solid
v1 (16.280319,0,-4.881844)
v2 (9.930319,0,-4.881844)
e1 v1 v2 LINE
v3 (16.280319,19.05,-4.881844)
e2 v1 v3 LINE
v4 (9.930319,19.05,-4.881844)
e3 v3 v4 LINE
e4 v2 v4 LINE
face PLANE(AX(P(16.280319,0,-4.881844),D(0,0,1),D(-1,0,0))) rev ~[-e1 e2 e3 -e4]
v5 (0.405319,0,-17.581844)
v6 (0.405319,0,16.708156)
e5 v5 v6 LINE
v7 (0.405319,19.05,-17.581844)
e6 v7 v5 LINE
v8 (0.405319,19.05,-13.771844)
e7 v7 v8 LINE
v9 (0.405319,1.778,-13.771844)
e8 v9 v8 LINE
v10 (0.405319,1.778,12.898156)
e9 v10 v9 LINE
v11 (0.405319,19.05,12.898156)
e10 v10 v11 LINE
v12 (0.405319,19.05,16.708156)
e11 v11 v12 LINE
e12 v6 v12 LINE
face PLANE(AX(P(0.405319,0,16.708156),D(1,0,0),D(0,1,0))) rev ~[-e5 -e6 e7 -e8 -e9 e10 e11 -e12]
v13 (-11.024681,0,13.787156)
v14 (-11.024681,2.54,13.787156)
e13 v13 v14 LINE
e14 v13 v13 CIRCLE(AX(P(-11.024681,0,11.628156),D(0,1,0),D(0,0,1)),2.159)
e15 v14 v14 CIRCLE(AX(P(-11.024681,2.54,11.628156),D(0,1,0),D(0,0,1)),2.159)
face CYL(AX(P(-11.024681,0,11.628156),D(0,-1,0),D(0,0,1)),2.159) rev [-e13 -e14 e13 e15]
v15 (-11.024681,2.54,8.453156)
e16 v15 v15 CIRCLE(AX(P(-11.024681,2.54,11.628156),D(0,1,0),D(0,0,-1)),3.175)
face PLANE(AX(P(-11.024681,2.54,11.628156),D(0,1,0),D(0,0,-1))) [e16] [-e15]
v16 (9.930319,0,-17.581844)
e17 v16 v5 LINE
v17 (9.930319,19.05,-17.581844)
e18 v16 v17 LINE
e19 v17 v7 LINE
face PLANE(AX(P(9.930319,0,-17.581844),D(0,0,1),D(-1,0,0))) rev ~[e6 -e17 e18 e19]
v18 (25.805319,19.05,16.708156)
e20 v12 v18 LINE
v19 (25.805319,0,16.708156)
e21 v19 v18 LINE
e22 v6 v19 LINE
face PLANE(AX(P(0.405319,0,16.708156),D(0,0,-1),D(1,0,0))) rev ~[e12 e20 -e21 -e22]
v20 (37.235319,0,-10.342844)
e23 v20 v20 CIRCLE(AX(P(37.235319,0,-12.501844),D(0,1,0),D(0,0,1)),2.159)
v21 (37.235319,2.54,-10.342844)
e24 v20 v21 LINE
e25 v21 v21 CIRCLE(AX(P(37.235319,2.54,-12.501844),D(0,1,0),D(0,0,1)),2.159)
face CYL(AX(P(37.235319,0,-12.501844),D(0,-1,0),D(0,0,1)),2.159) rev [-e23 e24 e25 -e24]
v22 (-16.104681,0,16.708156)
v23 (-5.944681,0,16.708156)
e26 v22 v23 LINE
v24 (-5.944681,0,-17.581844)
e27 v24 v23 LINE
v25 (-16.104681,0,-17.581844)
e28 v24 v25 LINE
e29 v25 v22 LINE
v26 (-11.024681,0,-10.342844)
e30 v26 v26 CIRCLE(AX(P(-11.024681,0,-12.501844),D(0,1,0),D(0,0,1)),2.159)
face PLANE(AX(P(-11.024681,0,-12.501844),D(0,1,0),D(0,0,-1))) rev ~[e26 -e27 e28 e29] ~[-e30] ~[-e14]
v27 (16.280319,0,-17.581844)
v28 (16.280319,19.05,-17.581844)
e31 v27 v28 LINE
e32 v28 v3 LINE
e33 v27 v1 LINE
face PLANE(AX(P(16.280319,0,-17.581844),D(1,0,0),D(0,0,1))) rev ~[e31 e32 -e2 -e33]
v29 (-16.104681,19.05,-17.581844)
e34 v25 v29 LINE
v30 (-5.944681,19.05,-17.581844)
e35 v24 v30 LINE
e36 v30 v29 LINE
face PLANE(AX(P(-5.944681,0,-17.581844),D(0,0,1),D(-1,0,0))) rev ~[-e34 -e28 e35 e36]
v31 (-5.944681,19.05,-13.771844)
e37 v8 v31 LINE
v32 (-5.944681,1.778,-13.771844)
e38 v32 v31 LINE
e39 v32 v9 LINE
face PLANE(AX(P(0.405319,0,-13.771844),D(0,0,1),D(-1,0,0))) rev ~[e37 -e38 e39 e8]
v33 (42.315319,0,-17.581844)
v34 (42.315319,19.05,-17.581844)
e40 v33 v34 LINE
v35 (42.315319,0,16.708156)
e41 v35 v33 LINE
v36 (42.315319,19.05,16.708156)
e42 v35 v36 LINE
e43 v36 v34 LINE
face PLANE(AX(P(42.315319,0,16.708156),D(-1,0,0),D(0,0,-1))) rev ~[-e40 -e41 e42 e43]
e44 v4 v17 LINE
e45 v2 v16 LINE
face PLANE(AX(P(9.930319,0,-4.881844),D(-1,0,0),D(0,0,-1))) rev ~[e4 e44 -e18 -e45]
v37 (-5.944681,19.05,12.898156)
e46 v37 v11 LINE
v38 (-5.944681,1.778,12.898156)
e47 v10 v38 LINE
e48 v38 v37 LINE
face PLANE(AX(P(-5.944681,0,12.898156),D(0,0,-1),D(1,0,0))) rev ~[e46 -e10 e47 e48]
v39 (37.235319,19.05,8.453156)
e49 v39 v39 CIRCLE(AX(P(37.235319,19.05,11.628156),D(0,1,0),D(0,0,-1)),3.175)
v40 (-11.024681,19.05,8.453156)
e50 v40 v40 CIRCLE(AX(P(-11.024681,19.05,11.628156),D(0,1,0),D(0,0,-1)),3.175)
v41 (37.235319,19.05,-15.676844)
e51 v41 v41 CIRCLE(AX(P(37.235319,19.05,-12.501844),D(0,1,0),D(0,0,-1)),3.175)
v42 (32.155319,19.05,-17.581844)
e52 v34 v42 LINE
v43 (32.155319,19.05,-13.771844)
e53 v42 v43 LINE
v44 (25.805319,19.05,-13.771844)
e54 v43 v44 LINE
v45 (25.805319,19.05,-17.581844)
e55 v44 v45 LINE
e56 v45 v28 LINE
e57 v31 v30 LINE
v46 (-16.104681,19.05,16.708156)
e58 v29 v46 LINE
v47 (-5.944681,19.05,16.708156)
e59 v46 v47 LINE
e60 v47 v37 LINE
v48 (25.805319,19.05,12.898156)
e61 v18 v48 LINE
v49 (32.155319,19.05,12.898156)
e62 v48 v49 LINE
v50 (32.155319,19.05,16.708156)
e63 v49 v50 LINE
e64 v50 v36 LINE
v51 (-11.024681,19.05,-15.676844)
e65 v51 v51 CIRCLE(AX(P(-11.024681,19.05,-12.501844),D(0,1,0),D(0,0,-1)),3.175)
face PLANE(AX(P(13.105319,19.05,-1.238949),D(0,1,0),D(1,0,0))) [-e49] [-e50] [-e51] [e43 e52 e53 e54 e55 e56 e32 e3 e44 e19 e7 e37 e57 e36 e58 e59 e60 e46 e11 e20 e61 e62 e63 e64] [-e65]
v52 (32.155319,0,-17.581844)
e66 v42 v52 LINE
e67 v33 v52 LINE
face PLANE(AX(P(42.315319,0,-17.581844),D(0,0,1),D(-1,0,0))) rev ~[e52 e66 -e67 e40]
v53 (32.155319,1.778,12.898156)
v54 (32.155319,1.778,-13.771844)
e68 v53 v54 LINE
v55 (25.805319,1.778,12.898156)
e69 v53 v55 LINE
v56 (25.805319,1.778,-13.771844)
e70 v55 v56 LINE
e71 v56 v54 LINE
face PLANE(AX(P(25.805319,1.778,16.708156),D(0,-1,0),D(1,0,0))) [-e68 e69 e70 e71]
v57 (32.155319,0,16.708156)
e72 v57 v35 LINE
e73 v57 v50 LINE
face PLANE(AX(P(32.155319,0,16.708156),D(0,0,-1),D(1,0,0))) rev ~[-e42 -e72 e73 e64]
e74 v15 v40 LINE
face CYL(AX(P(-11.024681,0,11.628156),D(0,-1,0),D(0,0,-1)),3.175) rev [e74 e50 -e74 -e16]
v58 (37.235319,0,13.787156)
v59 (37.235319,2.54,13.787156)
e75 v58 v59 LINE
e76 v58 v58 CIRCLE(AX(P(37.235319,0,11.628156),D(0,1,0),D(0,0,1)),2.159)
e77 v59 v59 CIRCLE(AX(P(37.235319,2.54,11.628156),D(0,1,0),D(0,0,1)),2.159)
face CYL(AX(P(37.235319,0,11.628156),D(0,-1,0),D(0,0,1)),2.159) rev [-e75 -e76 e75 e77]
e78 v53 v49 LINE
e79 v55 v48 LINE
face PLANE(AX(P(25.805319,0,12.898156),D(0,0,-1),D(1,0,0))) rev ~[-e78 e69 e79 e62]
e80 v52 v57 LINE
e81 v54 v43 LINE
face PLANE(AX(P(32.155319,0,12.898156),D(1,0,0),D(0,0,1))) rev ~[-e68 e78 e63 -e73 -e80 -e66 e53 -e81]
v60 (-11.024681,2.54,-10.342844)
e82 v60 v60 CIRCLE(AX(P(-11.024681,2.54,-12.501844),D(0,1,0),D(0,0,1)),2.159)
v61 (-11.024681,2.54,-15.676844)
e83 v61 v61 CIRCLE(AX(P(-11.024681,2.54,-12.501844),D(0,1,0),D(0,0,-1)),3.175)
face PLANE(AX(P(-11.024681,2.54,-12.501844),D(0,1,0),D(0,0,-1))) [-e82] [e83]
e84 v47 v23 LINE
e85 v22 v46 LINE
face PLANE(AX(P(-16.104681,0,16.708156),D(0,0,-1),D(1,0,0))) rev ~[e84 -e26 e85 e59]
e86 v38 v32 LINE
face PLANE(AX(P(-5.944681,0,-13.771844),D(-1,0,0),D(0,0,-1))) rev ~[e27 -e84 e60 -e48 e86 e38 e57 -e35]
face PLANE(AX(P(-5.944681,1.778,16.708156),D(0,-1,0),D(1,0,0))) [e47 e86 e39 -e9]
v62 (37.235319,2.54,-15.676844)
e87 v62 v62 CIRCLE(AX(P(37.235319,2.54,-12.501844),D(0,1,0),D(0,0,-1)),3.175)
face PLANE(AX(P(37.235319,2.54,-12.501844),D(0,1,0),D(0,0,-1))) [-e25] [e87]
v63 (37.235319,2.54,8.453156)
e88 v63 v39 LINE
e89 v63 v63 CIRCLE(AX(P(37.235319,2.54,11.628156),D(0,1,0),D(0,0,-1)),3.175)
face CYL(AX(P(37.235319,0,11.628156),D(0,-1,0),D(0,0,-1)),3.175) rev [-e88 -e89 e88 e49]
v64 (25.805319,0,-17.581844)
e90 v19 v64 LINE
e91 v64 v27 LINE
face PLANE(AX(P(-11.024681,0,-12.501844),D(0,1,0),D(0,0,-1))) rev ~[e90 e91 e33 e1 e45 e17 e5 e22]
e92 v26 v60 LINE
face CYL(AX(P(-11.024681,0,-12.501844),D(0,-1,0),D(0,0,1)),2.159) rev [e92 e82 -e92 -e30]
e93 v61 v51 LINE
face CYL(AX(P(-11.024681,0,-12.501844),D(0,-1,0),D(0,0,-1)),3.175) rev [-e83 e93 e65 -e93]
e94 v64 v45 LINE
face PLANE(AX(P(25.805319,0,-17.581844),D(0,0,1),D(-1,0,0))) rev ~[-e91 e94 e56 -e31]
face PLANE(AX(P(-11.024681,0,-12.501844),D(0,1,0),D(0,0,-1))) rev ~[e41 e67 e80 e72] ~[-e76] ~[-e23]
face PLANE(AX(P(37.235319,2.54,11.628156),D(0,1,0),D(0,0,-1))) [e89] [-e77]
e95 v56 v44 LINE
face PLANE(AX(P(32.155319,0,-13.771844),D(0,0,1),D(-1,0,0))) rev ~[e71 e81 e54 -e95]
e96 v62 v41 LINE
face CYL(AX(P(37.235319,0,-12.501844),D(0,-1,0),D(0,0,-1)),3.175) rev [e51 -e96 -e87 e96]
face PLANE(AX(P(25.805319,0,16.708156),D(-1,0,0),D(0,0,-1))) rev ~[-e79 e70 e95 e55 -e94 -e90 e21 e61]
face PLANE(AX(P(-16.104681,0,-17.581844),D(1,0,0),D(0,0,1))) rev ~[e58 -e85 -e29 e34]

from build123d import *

# Parameters (mm, degrees)
SKETCH1_R           = 3.175
BOSS_EXTRUDE1_DEPTH = 19.05
SKETCH1_3_R         = 3.175
SKETCH1_3_R_2       = 2.159
BOSS_EXTRUDE2_DEPTH = 2.54
SKETCH2_W           = 6.35
SKETCH2_H           = 1.778
CUT_EXTRUDE2_DEPTH  = 58.700024564


with BuildPart() as part:
    # Sketch1 → Boss-Extrude1 (new body)
    with BuildSketch(Plane(origin=(0, 0, 0), x_dir=(1, 0, 0), z_dir=(0, 1, 0))):
        Polygon((-5.944680851, 17.581843972), (-16.104680851, 17.581843972), (-16.104680851, -16.708156028), (-5.944680851, -16.708156028), (-5.944680851, -12.898156028), (0.405319149, -12.898156028), (0.405319149, -16.708156028), (25.805319149, -16.708156028), (25.805319149, -12.898156028), (32.155319149, -12.898156028), (32.155319149, -16.708156028), (42.315319149, -16.708156028), (42.315319149, 17.581843972), (32.155319149, 17.581843972), (32.155319149, 13.771843972), (25.805319149, 13.771843972), (25.805319149, 17.581843972), (16.280319149, 17.581843972), (16.280319149, 4.881843972), (9.930319149, 4.881843972), (9.930319149, 17.581843972), (0.405319149, 17.581843972), (0.405319149, 13.771843972), (-5.944680851, 13.771843972), align=None)
        with Locations((-11.024680851, -11.628156028)):
            Circle(SKETCH1_R, mode=Mode.SUBTRACT)
        with Locations((37.235319149, -11.628156028)):
            Circle(SKETCH1_R, mode=Mode.SUBTRACT)
        with Locations((-11.024680851, 12.501843972)):
            Circle(SKETCH1_R, mode=Mode.SUBTRACT)
        with Locations((37.235319149, 12.501843972)):
            Circle(SKETCH1_R, mode=Mode.SUBTRACT)
    extrude(amount=BOSS_EXTRUDE1_DEPTH)

    # Sketch1<3> → Boss-Extrude2 (add)
    # profile 1 of 4: a face of its own
    with BuildSketch(Plane(origin=(0, 0, 0), x_dir=(1, 0, 0), z_dir=(0, 1, 0))):
        with Locations((-11.024680851, 12.501843972)):
            Circle(SKETCH1_3_R)
        with Locations((-11.024680851, 12.501843972)):
            Circle(SKETCH1_3_R_2, mode=Mode.SUBTRACT)
    # profile 2 of 4: a face of its own
    with BuildSketch(Plane(origin=(0, 0, 0), x_dir=(1, 0, 0), z_dir=(0, 1, 0))):
        with Locations((37.235319149, 12.501843972)):
            Circle(SKETCH1_3_R)
        with Locations((37.235319149, 12.501843972)):
            Circle(SKETCH1_3_R_2, mode=Mode.SUBTRACT)
    # profile 3 of 4: a face of its own
    with BuildSketch(Plane(origin=(0, 0, 0), x_dir=(1, 0, 0), z_dir=(0, 1, 0))):
        with Locations((-11.024680851, -11.628156028)):
            Circle(SKETCH1_3_R)
        with Locations((-11.024680851, -11.628156028)):
            Circle(SKETCH1_3_R_2, mode=Mode.SUBTRACT)
    # profile 4 of 4: a face of its own
    with BuildSketch(Plane(origin=(0, 0, 0), x_dir=(1, 0, 0), z_dir=(0, 1, 0))):
        with Locations((37.235319149, -11.628156028)):
            Circle(SKETCH1_3_R)
        with Locations((37.235319149, -11.628156028)):
            Circle(SKETCH1_3_R_2, mode=Mode.SUBTRACT)
    extrude(amount=BOSS_EXTRUDE2_DEPTH)

    # Sketch2 → Cut-Extrude2 (cut, through all)
    with BuildSketch(Plane.XY.offset(16.708156028)):
        with Locations((-2.769680851, 0.889)):
            Rectangle(SKETCH2_W, SKETCH2_H)
        with Locations((28.980319149, 0.889)):
            Rectangle(SKETCH2_W, SKETCH2_H)
    extrude(amount=-CUT_EXTRUDE2_DEPTH, mode=Mode.SUBTRACT)


solid = part.part
